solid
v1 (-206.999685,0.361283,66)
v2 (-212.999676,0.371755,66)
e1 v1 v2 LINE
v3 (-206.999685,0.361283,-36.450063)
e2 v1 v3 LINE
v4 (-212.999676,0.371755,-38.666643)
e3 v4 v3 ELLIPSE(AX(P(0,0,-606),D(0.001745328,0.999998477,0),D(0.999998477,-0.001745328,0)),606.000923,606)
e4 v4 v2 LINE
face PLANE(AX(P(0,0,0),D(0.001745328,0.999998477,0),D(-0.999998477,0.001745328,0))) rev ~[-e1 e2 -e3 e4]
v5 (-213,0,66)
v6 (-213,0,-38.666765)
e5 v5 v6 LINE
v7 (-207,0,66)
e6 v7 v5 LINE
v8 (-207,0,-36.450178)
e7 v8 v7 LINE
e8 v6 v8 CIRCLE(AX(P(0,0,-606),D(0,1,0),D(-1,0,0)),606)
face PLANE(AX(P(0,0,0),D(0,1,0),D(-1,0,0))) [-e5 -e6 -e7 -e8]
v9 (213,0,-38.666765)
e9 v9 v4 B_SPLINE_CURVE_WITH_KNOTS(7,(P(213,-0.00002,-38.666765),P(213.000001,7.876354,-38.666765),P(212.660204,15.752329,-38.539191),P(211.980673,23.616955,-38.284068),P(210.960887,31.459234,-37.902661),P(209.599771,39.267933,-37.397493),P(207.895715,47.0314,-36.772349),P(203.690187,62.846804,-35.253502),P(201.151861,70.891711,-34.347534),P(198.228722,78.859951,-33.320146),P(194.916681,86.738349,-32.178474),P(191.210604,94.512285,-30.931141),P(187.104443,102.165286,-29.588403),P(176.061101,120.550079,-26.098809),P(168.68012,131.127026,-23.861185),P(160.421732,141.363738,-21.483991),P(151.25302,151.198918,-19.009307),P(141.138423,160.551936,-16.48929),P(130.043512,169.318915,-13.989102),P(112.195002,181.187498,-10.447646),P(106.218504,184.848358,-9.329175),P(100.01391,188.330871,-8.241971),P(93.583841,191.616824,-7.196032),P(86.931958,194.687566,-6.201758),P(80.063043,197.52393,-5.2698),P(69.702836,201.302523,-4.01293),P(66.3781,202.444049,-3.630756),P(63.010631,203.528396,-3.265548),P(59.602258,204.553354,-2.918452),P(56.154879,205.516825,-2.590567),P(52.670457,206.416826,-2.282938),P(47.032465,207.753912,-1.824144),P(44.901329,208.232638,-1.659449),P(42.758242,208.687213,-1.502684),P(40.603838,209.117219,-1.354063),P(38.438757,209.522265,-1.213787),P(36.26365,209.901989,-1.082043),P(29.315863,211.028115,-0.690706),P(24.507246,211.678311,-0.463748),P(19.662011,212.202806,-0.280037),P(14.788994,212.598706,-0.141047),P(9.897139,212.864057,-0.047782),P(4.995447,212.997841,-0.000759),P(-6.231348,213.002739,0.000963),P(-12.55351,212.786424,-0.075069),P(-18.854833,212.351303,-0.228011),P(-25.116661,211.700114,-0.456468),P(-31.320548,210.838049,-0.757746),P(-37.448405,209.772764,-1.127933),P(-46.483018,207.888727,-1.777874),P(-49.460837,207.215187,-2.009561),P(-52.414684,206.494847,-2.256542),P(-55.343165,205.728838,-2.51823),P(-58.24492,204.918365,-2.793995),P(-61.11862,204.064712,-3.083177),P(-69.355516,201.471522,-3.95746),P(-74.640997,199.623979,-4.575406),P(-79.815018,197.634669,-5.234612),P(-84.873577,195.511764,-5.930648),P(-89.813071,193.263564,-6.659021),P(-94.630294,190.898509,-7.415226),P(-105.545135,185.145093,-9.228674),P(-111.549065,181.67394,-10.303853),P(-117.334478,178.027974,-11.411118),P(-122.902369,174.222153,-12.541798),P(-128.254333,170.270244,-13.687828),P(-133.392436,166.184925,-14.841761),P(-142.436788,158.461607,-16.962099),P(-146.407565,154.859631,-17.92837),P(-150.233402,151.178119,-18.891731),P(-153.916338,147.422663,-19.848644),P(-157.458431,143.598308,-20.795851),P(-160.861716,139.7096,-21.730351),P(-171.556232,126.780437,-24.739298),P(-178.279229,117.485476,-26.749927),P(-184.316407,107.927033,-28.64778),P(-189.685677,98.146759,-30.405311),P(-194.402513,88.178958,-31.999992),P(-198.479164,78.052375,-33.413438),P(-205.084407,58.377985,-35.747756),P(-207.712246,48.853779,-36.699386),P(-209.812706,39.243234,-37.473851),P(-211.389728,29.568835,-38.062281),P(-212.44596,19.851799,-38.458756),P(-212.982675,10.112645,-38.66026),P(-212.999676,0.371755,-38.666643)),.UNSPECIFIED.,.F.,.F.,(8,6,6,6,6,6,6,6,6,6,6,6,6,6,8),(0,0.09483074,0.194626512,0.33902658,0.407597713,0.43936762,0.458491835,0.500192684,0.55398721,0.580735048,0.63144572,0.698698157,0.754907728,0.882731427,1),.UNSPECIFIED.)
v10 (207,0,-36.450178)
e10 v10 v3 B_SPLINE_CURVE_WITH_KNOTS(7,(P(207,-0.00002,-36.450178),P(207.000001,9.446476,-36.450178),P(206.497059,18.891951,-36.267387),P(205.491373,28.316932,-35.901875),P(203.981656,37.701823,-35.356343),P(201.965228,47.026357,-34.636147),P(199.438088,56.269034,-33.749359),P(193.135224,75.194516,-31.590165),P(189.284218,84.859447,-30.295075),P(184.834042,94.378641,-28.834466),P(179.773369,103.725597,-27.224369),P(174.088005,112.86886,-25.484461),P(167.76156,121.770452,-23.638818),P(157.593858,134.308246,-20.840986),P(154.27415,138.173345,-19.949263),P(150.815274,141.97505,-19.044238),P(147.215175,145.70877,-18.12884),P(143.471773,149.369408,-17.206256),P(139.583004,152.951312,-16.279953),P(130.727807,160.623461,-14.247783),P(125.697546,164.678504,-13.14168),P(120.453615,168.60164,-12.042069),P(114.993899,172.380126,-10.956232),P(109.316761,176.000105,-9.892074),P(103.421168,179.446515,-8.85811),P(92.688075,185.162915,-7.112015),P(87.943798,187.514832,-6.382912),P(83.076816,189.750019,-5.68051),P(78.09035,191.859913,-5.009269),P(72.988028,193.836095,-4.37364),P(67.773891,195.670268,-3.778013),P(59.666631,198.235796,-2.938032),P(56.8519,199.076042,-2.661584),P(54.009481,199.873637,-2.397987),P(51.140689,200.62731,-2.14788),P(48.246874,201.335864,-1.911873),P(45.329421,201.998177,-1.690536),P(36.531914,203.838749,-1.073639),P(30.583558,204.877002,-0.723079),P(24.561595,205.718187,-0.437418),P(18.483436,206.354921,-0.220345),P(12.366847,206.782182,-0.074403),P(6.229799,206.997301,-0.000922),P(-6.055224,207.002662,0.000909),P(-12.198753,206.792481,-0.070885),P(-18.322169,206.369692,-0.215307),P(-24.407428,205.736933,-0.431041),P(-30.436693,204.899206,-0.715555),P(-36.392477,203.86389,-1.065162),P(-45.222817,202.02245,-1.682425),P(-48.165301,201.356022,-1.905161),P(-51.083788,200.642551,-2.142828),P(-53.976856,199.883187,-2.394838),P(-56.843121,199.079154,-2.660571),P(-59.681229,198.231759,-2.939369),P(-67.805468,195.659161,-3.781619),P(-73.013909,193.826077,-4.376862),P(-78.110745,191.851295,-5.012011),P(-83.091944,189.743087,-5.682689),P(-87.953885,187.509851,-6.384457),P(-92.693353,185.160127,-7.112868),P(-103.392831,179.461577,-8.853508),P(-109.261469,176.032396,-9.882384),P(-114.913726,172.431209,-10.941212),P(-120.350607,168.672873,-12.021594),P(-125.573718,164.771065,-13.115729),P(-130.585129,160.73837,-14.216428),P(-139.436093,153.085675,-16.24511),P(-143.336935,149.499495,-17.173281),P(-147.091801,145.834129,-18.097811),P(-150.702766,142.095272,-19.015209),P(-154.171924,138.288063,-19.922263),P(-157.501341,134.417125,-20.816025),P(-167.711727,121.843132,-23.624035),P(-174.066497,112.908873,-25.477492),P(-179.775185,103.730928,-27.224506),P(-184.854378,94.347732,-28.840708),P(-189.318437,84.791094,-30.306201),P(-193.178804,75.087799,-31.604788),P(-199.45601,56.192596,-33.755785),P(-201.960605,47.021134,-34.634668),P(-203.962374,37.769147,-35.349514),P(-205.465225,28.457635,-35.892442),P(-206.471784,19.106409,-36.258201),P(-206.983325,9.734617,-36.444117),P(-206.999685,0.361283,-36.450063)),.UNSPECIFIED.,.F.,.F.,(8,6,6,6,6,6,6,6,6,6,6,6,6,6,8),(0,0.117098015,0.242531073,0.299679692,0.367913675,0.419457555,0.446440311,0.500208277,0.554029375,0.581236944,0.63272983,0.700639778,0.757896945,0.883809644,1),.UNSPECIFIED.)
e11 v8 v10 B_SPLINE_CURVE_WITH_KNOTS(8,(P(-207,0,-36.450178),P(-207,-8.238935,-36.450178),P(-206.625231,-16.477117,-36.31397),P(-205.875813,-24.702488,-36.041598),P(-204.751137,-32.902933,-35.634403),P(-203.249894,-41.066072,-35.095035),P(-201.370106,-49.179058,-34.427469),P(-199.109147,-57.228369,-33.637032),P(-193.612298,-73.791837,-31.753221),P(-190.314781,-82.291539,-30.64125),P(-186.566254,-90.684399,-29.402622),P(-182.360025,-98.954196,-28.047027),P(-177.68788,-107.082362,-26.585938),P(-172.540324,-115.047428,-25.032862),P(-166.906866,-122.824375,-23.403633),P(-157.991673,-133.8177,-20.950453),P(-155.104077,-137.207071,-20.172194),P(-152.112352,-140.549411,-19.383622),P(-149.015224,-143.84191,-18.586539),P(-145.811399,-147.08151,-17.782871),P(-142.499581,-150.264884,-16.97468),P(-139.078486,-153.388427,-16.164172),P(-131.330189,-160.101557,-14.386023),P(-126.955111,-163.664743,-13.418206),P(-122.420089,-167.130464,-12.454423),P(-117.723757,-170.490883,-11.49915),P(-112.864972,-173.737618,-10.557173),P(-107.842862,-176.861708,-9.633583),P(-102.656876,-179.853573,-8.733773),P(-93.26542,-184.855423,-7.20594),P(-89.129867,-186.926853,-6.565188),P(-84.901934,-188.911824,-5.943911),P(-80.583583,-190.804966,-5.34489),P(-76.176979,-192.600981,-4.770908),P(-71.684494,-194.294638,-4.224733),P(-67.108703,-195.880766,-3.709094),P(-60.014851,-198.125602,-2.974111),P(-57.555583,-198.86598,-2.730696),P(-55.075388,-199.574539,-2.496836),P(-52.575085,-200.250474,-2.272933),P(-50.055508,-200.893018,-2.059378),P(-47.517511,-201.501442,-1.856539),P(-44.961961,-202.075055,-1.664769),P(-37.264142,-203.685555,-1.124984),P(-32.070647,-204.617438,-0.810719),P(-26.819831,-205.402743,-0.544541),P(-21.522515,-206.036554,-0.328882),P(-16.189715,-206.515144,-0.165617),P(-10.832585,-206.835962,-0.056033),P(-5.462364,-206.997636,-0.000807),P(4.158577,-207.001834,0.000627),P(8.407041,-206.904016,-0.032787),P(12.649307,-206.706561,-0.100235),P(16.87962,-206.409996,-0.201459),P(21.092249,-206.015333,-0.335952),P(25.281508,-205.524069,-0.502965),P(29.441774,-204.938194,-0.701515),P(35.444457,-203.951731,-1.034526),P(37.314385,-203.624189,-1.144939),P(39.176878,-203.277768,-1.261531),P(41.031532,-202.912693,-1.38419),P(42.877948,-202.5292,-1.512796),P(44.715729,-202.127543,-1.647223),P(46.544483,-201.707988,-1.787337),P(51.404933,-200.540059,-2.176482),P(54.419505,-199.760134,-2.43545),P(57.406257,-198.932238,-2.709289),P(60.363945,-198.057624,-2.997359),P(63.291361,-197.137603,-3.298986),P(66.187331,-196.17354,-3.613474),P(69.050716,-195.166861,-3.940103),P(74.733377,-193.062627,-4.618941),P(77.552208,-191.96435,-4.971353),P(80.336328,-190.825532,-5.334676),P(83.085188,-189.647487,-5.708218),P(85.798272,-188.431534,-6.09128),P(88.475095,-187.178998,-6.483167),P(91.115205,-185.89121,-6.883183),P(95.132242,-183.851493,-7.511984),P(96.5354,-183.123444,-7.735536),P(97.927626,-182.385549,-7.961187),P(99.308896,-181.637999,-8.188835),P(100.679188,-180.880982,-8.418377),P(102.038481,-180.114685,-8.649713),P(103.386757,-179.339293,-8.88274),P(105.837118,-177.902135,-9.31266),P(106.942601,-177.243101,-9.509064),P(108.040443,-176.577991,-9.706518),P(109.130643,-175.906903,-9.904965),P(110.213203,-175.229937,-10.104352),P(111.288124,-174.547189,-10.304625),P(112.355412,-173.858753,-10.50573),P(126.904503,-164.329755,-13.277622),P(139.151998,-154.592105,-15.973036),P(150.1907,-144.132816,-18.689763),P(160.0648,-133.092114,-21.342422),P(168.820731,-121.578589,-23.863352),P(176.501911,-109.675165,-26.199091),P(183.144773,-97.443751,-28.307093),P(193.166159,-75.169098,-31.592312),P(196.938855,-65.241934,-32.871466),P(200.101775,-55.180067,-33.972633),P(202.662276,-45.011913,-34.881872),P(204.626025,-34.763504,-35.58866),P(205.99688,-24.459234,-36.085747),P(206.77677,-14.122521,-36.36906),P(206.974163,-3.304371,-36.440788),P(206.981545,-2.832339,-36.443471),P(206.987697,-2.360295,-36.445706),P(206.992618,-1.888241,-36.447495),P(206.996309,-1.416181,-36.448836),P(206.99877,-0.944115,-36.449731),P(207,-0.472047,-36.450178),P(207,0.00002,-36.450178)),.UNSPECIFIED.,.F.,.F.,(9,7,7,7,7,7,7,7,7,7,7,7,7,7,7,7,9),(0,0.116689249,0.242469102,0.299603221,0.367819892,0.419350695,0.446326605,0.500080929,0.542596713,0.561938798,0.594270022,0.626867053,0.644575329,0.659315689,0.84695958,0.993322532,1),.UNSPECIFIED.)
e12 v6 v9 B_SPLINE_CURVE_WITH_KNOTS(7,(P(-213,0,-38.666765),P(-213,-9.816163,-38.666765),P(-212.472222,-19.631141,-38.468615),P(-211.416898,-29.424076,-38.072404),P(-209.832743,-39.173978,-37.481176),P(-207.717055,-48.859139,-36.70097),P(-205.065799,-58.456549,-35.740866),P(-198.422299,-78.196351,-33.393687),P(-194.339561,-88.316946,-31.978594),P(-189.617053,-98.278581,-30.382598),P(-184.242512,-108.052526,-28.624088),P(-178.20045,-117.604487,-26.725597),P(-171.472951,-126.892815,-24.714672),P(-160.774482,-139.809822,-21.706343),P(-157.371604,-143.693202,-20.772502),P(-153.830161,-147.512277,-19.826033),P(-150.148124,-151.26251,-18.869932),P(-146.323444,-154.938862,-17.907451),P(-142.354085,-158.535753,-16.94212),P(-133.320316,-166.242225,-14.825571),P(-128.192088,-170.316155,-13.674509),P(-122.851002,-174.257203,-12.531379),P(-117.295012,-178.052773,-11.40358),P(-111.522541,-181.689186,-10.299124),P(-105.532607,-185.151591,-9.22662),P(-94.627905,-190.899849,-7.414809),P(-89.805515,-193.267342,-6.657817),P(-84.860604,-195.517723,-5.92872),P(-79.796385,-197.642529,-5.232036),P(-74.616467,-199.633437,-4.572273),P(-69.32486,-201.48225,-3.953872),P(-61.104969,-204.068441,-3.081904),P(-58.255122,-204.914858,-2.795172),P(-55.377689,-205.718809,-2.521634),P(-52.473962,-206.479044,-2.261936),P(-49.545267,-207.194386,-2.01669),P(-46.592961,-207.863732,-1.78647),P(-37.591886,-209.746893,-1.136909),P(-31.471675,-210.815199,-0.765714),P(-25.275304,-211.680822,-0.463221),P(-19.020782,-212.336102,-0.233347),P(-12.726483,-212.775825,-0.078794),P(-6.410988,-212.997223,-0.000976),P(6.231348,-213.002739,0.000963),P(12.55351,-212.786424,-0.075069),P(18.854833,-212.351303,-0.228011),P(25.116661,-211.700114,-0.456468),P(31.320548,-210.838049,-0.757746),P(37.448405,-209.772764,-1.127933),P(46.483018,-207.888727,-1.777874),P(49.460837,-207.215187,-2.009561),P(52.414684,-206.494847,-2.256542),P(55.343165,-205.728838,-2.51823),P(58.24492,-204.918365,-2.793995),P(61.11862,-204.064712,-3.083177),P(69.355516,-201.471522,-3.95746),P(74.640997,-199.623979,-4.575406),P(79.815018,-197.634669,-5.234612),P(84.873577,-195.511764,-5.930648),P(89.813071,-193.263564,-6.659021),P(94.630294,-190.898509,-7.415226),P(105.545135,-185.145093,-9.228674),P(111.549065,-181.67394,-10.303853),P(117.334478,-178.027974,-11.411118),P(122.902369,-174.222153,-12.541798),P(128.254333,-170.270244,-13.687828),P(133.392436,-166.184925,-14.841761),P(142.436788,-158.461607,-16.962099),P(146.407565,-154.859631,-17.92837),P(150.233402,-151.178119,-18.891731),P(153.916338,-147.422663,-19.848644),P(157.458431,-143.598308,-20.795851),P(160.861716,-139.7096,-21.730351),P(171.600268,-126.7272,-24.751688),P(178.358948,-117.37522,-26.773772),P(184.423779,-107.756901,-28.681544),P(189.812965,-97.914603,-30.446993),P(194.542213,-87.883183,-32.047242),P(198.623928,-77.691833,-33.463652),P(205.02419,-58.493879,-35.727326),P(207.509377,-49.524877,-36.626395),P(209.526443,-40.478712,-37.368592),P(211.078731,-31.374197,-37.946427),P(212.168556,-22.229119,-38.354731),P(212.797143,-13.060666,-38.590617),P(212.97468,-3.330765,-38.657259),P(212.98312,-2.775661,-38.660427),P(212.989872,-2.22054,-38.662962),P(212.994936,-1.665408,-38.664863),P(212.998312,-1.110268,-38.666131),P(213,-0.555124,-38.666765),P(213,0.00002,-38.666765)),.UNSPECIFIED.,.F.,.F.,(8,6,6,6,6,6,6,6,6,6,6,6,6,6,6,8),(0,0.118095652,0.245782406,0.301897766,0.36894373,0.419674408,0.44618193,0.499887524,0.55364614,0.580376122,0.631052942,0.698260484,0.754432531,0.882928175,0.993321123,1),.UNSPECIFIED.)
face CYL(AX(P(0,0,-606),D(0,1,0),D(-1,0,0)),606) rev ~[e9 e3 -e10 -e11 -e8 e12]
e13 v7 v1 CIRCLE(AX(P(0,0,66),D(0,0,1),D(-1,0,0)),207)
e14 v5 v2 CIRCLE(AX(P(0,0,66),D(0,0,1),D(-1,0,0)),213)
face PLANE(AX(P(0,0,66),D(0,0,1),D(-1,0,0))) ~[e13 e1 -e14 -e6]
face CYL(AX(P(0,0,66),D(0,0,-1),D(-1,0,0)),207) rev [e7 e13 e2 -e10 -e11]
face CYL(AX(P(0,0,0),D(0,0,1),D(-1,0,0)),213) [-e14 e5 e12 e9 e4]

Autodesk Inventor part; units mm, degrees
ref_plane "YZ Plane" through (0, 0, 0) normal (1, 0, 0) x (0, 1, 0)
ref_plane "XZ Plane" through (0, 0, 0) normal (0, 1, 0) x (-1, 0, 0)
ref_plane "XY Plane" through (0, 0, 0) normal (0, 0, 1) x (1, 0, 0)
sketch "Sketch1" plane through (0, 0, 0) normal (0, 1, 0) x (-1, 0, 0)
  line L0 (207, 66) -> (207, 0)
  line L1 (207, 0) -> (213, 0)
  line L2 (0, 0) -> (0, 109.131)
  line L3 (207, 66) -> (213, 66)
  line L4 (213, 0) -> (213, 66)
  line L5 (213, 0) -> (207, 0)
  line L6 (207, 0) -> (207, -100)
  line L7 (207, -100) -> (213, -100)
  line L8 (213, -100) -> (213, 0)
  point P0 (210, 0)
  dimension "d3" = 6
  dimension "d4" = 414
  dimension "d5" = 66
  dimension "d7" = 6
  dimension "d8" = 100
revolve "Revolution1" add sketch "Sketch1" angle 359.9 about axis through (0, 0, 0) along (0, 0, 1)
sketch "Sketch2" plane through (0, 0, 0) normal (0, 1, 0) x (-1, 0, 0)
  circle A0 centre (0, -606) radius 606
  point P0 (0, 0)
  dimension "d9" = 1212
extrude "Extrusion1" cut sketch "Sketch2" along normal through all both and the other way through all
equation "\"d4\" = Внутр_диам_ревиз_окна"
equation "\"d5\" = Длина_ревиз_окна"
equation "\"d7\" = d3"
equation "\"BendRadius\" = Thickness"
equation "\"BendReliefWidth\" = Thickness"
equation "\"BendReliefDepth\" = 0.5 * Thickness"
equation "\"CornerReliefSize\" = 4 * Thickness"
equation "\"MinimumRemnant\" = 2 * Thickness"
equation "\"TransitionRadius\" = BendRadius"
equation "\"JacobiRadiusSize\" = BendRadius"
equation "\"GapSize\" = Thickness"
equation "\"Внутр_диам_ревиз_окна\" = 414"
equation "\"Длина_ревиз_окна\" = 66"
equation "\"Thickness\" = 6"
properties part number "Ревиз. окно фильтра D1200"
